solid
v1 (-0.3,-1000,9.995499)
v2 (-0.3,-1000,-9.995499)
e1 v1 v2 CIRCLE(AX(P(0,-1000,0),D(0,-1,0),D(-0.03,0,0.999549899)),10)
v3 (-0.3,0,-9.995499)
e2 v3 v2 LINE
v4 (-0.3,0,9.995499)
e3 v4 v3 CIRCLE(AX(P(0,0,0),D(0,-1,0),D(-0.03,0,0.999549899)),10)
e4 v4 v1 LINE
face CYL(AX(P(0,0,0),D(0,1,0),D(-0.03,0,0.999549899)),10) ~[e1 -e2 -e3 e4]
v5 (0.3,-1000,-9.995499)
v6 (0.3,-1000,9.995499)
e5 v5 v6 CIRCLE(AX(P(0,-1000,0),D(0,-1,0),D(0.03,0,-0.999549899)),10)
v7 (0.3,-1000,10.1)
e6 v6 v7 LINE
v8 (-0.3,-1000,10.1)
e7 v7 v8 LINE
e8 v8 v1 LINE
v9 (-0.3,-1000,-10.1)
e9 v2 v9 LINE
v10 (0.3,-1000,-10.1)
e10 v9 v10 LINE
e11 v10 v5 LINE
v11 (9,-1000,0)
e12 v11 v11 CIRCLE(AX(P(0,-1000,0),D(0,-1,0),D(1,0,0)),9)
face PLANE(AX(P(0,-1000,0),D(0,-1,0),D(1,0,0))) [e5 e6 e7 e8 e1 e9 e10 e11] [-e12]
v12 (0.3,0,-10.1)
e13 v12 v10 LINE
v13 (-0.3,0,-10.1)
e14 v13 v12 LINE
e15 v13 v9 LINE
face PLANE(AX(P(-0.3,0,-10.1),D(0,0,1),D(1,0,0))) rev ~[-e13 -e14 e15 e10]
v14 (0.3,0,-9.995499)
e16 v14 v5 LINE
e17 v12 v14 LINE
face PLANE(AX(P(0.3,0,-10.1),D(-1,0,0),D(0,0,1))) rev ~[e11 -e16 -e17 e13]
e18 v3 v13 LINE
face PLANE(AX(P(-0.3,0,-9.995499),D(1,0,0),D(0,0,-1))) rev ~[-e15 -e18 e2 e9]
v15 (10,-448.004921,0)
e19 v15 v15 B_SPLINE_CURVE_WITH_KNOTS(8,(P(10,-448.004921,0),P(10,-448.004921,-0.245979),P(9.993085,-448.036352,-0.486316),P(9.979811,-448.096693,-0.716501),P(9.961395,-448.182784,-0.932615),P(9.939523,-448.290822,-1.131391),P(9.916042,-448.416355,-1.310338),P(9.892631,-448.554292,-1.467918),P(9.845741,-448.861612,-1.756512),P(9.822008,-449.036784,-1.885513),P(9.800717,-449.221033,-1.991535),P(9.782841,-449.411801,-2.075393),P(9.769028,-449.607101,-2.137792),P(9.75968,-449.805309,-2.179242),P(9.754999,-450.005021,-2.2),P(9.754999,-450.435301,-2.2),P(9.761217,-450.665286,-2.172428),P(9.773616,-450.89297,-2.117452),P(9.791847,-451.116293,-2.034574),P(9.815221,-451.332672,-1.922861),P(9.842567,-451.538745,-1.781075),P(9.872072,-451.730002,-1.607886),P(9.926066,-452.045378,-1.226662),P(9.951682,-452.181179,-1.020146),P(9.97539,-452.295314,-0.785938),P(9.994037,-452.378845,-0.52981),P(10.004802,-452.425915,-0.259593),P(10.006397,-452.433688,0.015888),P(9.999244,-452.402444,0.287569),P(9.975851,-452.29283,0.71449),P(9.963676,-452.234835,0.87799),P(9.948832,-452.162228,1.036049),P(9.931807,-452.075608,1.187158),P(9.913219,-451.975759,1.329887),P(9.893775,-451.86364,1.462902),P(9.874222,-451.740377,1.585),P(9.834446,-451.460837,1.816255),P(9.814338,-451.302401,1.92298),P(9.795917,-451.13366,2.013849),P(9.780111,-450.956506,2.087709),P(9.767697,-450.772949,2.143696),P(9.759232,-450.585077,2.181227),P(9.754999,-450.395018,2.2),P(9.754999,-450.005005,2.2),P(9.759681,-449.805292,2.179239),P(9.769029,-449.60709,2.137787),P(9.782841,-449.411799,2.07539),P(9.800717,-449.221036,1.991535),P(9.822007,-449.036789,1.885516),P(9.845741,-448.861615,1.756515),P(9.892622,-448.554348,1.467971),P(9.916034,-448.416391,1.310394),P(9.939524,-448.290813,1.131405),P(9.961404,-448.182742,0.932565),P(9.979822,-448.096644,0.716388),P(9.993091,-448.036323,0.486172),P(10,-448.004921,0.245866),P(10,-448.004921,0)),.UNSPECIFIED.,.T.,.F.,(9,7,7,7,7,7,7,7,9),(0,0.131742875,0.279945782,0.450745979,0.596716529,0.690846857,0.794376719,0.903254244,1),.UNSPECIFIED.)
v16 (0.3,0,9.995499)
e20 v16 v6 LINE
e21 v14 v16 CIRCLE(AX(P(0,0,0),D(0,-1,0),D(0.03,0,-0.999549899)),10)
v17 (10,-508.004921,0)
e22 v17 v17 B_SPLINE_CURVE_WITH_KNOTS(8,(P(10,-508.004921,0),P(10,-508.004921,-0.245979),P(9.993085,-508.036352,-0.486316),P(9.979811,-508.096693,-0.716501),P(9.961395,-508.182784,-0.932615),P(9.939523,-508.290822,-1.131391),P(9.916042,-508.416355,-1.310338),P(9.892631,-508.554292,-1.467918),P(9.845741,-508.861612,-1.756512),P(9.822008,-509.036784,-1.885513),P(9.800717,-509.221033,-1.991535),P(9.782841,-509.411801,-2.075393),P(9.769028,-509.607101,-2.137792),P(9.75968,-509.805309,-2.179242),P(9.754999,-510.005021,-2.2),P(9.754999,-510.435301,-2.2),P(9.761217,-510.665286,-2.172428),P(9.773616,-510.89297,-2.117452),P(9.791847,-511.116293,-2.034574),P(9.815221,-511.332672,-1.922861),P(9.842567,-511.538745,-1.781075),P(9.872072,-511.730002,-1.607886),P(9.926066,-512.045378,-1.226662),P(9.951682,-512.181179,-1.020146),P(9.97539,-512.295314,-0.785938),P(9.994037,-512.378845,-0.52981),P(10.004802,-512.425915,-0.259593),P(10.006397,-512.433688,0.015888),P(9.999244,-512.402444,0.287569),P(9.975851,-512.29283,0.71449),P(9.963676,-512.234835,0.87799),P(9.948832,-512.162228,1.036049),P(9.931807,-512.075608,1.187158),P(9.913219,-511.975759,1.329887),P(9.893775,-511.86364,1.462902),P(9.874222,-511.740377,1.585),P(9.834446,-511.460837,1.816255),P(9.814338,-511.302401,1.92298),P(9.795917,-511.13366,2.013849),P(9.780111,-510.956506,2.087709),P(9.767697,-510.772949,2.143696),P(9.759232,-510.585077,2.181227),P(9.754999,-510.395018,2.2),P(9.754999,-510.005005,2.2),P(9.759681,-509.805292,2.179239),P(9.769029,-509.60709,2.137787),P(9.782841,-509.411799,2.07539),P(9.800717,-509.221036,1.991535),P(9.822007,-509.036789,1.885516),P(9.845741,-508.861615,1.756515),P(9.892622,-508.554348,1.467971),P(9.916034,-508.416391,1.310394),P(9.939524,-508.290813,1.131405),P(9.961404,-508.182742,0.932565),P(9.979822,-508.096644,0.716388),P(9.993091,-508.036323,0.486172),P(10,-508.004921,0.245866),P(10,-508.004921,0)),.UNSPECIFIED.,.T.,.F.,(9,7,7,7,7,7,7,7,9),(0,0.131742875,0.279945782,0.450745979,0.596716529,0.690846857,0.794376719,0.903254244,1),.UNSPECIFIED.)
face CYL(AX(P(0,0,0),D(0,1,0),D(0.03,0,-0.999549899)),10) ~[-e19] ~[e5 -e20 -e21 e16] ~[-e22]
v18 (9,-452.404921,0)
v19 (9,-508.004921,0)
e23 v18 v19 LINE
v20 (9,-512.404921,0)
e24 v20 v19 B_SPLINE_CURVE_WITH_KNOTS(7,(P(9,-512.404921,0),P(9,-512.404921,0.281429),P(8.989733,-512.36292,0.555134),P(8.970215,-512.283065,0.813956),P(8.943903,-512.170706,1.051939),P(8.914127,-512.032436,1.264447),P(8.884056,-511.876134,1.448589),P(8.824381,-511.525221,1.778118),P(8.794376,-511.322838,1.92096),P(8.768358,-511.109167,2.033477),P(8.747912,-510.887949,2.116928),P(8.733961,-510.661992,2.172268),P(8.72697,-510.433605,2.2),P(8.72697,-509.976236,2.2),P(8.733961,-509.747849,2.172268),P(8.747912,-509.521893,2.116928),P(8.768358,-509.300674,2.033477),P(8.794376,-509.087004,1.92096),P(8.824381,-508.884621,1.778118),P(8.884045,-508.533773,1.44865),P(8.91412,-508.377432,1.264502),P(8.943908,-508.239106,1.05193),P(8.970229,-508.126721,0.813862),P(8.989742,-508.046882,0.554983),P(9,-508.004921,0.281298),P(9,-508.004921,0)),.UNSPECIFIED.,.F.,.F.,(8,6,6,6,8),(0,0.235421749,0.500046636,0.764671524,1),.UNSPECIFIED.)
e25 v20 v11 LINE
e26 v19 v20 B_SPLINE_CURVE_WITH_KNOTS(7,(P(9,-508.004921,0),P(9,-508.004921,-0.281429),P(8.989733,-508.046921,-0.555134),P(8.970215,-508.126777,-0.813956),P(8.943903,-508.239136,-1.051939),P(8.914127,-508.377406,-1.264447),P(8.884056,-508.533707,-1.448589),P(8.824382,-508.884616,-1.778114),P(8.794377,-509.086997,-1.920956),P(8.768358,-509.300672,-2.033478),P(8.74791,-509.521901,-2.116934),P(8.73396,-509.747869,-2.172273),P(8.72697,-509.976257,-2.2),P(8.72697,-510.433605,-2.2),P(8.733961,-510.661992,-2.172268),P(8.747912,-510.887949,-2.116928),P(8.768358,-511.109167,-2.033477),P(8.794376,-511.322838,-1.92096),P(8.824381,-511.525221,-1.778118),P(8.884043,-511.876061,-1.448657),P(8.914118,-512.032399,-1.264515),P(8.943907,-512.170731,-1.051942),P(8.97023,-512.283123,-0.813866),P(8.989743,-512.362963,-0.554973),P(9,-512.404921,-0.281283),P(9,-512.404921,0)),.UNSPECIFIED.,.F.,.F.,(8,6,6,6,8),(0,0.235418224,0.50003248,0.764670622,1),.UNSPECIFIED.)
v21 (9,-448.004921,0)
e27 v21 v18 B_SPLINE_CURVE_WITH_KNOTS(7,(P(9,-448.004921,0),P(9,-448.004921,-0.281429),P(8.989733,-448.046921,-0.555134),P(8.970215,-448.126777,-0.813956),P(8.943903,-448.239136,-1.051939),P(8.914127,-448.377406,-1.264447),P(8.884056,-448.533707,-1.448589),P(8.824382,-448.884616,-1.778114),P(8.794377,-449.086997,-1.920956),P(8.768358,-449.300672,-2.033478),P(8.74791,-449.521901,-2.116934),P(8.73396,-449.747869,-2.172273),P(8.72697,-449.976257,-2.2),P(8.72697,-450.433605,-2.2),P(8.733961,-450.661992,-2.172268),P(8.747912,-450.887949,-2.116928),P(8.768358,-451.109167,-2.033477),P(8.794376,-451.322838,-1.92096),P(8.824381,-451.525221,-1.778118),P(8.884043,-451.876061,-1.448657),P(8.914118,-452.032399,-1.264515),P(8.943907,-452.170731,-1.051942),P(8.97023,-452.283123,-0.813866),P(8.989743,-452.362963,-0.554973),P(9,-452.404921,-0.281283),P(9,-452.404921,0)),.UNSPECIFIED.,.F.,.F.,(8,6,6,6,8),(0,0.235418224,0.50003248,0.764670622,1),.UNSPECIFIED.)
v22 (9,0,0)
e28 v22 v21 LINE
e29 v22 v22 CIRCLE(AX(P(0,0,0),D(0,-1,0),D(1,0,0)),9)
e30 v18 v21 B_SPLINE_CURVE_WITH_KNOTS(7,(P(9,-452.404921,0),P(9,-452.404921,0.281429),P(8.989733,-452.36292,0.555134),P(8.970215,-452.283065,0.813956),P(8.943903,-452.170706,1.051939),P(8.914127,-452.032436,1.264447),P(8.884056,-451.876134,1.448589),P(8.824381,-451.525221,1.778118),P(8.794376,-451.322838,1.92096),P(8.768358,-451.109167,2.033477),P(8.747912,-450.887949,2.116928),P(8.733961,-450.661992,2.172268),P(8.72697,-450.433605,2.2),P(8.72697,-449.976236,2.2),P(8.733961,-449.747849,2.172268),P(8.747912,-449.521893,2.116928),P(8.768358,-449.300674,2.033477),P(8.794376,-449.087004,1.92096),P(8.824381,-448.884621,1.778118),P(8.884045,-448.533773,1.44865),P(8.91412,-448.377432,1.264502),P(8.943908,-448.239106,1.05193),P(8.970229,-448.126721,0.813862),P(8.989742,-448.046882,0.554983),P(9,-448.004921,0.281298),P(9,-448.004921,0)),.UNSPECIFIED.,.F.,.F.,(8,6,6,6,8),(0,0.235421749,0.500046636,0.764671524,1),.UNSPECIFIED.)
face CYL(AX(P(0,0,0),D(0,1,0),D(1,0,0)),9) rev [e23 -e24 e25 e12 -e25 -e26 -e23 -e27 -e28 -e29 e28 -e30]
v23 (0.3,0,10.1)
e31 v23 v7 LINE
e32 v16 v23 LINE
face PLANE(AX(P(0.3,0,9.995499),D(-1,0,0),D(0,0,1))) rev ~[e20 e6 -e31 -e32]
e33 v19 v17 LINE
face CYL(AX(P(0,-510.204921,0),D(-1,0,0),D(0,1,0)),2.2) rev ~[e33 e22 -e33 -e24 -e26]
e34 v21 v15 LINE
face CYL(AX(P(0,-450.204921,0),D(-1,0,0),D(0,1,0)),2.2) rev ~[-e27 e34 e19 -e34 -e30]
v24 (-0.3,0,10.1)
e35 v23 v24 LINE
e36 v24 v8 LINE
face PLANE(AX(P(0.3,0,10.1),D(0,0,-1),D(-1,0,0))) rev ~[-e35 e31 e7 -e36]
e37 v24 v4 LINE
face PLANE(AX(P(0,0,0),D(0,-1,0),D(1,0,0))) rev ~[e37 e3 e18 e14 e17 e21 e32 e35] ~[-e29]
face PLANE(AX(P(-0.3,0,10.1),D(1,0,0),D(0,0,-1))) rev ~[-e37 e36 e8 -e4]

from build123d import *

# Parameters (mm, degrees)
F0_R     = 9
F1_DEPTH = 1000
F3_D     = 4.4
F3_DEPTH = 10.001


with BuildPart() as f1:
    # F0 (on Front) → F1 (new body)
    with BuildSketch(Plane.XZ):
        with BuildLine():
            Line((-0.3, 10.1), (-0.3, 9.995498987))
            ThreePointArc((-0.3, 9.995498987), (-10, 0), (-0.3, -9.995498987))
            Line((-0.3, -9.995498987), (-0.3, -10.1))
            Line((-0.3, -10.1), (0.3, -10.1))
            Line((0.3, -10.1), (0.3, -9.995498987))
            ThreePointArc((0.3, -9.995498987), (10, 0), (0.3, 9.995498987))
            Line((0.3, 9.995498987), (0.3, 10.1))
            Line((0.3, 10.1), (-0.3, 10.1))
        make_face()
        Circle(F0_R, mode=Mode.SUBTRACT)
    extrude(amount=F1_DEPTH)

    # F3 (through all, one way)
    with BuildSketch(Plane(origin=(0, 0, 0), x_dir=(0, 1, 0), z_dir=(-1, 0, 0))):
        with Locations((-510.20492077, 0), (-450.20492077, 0)):
            Circle(F3_D / 2)
    extrude(amount=-F3_DEPTH, mode=Mode.SUBTRACT)


solid = f1.part
